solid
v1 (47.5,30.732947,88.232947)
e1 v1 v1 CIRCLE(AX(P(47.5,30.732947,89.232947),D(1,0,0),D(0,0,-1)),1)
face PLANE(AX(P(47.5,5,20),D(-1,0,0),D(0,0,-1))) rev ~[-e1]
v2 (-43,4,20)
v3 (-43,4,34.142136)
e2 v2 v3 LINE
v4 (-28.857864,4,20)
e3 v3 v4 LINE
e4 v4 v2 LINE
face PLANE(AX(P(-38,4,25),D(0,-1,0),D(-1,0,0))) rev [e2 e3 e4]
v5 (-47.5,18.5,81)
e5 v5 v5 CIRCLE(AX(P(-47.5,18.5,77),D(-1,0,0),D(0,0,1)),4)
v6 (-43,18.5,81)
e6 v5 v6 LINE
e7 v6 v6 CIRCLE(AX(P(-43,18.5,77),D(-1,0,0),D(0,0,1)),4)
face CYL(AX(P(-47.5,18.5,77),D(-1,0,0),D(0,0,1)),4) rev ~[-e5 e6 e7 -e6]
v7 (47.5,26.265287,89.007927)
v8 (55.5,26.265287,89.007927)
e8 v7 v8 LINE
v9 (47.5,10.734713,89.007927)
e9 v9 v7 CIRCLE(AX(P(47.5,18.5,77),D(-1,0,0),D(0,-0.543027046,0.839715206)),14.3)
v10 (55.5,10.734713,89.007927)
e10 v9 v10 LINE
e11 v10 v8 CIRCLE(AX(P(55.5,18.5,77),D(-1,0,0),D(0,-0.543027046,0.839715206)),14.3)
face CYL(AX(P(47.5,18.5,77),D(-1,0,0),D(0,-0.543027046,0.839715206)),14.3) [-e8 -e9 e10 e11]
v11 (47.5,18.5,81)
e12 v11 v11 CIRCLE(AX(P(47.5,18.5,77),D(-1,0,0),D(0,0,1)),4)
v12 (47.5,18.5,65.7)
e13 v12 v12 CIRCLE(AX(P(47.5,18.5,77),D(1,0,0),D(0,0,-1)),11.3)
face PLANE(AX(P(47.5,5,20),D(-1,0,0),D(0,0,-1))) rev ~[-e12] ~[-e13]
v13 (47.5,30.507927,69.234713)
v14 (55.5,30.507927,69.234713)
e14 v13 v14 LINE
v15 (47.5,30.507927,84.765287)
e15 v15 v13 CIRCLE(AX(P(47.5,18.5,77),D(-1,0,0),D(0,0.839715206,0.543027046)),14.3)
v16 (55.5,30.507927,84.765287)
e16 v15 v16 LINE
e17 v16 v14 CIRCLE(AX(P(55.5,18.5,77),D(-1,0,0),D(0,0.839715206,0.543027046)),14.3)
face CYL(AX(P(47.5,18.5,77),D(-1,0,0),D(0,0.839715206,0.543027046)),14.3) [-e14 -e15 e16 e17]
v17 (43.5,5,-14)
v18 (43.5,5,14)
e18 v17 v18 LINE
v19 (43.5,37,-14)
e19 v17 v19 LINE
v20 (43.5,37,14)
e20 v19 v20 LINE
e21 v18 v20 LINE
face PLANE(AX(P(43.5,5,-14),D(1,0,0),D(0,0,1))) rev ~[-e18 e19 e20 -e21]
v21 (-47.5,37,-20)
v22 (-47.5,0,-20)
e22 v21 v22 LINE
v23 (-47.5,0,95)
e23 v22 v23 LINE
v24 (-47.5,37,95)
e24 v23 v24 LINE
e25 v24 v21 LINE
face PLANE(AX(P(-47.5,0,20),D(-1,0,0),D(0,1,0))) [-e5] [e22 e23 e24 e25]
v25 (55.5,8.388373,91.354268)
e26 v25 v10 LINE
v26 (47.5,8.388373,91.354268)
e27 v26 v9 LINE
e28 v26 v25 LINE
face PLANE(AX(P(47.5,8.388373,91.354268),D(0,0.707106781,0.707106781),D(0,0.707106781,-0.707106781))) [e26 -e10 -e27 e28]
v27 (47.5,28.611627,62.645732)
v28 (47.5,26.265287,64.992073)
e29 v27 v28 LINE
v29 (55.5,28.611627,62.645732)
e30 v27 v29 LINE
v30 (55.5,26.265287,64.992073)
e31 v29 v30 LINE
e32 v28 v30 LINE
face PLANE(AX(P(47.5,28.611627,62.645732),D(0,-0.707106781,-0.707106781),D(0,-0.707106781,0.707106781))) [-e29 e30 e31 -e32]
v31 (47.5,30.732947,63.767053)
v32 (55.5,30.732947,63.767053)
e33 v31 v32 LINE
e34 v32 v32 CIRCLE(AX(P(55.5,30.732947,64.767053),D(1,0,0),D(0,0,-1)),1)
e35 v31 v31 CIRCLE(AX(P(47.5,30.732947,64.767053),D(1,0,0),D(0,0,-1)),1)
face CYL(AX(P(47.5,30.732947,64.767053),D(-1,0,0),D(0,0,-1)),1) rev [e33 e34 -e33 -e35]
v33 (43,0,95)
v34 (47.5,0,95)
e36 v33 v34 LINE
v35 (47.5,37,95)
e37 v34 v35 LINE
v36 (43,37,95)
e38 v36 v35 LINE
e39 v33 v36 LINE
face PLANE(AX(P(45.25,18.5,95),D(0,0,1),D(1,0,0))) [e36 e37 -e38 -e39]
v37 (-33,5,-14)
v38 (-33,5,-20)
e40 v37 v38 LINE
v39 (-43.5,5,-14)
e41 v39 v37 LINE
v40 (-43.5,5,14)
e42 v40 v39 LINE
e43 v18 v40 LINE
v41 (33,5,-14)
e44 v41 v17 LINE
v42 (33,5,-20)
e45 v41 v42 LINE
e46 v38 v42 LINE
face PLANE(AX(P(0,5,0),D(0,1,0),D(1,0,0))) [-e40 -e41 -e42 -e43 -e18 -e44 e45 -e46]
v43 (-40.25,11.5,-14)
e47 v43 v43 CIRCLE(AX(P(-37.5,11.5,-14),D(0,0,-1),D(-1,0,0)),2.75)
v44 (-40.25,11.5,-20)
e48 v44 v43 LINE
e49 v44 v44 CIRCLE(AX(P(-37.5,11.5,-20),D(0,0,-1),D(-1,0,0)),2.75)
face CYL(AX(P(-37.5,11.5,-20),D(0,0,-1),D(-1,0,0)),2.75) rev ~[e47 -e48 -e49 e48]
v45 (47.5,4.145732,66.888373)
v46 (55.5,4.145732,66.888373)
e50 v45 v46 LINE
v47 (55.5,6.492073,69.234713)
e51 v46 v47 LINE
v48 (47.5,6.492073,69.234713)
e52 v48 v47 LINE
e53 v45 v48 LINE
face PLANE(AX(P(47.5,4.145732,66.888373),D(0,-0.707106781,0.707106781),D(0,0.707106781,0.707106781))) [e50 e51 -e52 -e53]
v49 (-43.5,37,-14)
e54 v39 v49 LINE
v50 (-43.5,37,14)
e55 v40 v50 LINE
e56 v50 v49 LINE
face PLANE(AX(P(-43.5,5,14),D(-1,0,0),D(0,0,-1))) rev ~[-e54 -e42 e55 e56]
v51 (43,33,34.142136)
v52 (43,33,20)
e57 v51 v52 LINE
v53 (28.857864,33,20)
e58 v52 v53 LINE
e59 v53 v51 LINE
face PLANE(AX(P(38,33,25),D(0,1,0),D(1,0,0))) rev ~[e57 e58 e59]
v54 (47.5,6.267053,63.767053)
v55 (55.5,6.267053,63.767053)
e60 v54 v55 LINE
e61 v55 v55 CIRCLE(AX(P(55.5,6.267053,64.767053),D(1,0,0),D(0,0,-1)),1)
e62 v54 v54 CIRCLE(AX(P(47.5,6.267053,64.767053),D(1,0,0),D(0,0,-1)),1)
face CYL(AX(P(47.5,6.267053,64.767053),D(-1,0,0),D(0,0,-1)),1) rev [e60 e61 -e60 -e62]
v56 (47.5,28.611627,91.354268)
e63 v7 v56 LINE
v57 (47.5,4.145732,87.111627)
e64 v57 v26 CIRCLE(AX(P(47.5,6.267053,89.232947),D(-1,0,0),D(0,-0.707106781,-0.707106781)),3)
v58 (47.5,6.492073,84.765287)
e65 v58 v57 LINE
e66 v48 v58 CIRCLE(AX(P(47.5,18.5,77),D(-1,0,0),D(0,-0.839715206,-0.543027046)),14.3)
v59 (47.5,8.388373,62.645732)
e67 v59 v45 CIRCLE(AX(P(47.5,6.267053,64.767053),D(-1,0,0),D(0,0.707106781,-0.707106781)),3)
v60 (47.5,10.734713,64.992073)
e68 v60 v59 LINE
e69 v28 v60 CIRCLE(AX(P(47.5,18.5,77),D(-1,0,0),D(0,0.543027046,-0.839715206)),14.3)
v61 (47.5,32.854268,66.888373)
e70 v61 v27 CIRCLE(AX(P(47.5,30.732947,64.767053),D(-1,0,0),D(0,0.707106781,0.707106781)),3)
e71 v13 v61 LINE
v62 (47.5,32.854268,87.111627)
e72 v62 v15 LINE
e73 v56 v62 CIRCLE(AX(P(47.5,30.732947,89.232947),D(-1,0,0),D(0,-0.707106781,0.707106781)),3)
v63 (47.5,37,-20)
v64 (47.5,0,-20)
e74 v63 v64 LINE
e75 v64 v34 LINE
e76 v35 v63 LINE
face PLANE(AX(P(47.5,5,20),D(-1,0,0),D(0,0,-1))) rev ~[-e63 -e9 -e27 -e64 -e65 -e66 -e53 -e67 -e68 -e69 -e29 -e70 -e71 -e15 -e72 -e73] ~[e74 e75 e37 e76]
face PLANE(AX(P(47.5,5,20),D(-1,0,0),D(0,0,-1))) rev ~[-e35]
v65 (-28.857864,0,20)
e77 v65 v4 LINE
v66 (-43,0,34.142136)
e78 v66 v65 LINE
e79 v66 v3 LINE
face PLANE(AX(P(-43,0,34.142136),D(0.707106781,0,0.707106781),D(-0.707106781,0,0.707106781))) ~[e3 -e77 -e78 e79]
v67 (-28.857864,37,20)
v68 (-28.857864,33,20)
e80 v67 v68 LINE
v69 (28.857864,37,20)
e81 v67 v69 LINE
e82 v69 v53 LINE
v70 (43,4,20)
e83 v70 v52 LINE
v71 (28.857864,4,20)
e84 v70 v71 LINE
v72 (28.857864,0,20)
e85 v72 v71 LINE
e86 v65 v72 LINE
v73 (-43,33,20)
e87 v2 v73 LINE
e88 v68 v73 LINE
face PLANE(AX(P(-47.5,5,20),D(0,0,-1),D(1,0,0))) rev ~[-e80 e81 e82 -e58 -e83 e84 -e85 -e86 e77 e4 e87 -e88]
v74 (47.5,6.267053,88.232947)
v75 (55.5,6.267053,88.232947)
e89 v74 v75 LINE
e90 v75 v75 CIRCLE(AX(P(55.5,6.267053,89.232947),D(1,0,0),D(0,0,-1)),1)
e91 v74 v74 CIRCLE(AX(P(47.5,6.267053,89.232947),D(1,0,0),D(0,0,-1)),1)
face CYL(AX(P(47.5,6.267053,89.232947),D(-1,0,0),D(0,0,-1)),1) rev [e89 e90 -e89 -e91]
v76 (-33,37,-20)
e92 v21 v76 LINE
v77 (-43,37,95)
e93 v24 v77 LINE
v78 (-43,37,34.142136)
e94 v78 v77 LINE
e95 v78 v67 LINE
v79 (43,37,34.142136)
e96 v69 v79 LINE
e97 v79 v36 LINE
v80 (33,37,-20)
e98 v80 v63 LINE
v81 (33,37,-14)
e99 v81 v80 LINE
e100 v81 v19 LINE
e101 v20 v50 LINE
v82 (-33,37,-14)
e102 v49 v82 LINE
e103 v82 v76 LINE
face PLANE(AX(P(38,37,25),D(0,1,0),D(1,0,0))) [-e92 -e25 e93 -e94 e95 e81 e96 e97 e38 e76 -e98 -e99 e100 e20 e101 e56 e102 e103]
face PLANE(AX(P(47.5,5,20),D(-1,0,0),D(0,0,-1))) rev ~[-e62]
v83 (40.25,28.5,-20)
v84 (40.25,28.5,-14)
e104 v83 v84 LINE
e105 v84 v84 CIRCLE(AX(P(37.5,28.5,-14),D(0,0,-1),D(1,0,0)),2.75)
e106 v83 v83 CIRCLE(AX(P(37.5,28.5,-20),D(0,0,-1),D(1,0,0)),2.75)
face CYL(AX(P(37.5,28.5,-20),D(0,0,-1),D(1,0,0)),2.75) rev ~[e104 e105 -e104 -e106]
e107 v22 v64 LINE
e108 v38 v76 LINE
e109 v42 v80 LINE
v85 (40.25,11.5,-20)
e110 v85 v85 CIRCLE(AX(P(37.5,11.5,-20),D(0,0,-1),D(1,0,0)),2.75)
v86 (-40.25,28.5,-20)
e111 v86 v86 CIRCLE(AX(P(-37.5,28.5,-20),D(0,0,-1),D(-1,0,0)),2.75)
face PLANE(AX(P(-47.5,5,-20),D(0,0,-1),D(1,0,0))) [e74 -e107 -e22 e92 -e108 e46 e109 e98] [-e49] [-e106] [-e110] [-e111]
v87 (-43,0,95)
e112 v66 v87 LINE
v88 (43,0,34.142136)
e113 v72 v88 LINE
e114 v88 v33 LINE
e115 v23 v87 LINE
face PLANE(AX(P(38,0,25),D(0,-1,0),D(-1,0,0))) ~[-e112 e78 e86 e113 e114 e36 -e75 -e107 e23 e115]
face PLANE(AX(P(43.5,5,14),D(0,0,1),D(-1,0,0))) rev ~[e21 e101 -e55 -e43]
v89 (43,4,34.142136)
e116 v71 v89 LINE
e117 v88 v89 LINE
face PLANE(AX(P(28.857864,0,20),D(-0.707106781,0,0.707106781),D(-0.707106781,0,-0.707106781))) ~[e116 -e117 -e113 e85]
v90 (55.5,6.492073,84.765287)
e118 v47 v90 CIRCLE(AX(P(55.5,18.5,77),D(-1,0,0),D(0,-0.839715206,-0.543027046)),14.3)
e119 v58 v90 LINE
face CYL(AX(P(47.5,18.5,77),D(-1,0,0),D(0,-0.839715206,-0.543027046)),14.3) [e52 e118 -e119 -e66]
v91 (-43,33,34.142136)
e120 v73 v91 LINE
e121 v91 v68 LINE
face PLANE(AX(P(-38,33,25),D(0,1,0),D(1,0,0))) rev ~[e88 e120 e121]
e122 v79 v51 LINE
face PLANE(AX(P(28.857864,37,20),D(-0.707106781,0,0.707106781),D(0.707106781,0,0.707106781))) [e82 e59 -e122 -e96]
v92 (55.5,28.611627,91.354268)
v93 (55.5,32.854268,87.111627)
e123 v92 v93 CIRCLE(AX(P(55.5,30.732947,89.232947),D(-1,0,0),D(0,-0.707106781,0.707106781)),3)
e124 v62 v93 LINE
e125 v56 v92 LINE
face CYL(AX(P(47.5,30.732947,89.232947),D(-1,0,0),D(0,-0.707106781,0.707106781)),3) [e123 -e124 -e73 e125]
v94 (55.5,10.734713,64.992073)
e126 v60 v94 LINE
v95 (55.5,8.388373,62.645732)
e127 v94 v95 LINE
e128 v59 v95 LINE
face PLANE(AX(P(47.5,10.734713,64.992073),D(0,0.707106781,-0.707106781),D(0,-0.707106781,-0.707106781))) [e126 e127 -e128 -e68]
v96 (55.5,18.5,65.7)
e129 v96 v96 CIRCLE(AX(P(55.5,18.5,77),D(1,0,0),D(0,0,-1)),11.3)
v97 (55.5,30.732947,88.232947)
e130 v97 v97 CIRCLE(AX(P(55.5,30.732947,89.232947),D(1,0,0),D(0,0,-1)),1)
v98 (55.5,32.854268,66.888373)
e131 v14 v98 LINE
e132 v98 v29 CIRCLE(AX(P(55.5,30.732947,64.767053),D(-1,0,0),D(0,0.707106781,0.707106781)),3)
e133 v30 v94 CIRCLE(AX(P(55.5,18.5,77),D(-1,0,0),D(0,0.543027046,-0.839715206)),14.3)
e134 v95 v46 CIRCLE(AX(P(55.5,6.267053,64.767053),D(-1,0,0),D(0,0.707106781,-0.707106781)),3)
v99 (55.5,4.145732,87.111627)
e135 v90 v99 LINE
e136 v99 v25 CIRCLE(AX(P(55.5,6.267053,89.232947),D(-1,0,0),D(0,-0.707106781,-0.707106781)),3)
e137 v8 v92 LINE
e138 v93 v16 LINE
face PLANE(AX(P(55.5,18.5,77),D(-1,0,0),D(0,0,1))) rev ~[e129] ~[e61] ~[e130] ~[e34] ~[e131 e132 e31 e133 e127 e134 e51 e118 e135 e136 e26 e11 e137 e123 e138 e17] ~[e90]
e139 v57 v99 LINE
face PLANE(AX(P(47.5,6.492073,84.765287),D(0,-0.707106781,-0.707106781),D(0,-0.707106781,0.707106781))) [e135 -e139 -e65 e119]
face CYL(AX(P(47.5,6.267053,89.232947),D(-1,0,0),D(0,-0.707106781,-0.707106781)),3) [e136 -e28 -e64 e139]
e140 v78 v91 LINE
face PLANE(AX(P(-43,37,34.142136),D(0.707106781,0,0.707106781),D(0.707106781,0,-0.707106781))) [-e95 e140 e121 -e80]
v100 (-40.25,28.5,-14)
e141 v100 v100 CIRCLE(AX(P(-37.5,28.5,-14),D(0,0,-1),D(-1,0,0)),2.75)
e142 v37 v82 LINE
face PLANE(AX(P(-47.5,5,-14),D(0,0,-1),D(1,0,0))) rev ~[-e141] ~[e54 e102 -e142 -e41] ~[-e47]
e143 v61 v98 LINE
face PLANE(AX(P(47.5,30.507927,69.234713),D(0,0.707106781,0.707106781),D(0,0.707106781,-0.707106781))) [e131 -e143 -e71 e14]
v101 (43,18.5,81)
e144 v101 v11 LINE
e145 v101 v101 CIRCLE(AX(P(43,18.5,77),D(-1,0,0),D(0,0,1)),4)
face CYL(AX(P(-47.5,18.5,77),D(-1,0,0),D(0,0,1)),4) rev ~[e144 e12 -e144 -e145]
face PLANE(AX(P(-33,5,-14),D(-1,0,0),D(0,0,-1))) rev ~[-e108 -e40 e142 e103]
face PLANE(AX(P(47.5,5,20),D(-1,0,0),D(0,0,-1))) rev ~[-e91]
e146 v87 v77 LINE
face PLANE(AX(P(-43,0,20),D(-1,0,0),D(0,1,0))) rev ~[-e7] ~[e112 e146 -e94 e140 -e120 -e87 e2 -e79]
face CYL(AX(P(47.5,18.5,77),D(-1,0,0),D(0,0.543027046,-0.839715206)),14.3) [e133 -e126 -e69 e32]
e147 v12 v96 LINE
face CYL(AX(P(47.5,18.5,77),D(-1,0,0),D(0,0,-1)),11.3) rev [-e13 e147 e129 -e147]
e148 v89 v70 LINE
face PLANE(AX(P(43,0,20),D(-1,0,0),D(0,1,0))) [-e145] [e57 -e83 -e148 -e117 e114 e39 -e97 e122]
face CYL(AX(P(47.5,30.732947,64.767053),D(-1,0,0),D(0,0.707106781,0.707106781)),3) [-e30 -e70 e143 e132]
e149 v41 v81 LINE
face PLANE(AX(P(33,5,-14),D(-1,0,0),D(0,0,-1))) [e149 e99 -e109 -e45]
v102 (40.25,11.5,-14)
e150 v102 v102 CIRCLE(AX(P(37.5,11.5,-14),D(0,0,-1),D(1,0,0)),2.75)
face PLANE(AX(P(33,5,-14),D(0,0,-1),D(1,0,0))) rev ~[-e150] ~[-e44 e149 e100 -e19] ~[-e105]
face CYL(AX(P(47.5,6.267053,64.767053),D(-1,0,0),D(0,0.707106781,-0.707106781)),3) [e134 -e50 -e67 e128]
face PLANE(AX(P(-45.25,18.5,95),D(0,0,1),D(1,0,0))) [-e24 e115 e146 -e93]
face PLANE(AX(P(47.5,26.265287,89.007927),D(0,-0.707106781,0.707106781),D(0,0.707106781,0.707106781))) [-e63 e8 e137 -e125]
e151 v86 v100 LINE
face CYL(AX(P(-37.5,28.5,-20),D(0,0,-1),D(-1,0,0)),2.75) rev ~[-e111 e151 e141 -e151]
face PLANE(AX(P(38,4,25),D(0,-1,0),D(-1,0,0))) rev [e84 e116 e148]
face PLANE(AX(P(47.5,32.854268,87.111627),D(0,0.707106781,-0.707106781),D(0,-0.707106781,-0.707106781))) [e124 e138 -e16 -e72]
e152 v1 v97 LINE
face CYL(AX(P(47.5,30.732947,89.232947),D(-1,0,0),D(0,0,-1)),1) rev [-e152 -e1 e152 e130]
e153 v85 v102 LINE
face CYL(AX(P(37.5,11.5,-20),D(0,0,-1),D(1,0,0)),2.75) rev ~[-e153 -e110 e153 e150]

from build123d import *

# Parameters (mm, degrees)
SKETCH1_W            = 95
SKETCH1_H            = 40
BOSS_EXTRUDE1_DEPTH  = 5
SKETCH2_W            = 14.5
SKETCH2_H            = 6
BOSS_EXTRUDE2_DEPTH  = 32
SKETCH4_R            = 2.75
CUT_EXTRUDE1_DEPTH   = 6
BOSS_EXTRUDE5_DEPTH  = 32
SKETCH11_W           = 4.5
SKETCH11_H           = 37
BOSS_EXTRUDE6_DEPTH  = 75
SKETCH12_R           = 4
CUT_EXTRUDE3_DEPTH   = 110
BOSS_EXTRUDE9_DEPTH  = 4
SKETCH16_R           = 11.3
SKETCH16_R_2         = 1
BOSS_EXTRUDE11_DEPTH = 8


with BuildPart() as part:
    # Sketch1 → Boss-Extrude1 (new body)
    with BuildSketch(Plane(origin=(0, 0, 0), x_dir=(1, 0, 0), z_dir=(0, 1, 0))):
        Rectangle(SKETCH1_W, SKETCH1_H)
    extrude(amount=BOSS_EXTRUDE1_DEPTH)

    # Sketch2 → Boss-Extrude2 (add)
    with BuildSketch(Plane(origin=(0, 5, 0), x_dir=(1, 0, 0), z_dir=(0, 1, 0))):
        with Locations((-40.25, 17)):
            Rectangle(SKETCH2_W, SKETCH2_H)
        with Locations((40.25, 17)):
            Rectangle(SKETCH2_W, SKETCH2_H)
    extrude(amount=BOSS_EXTRUDE2_DEPTH)

    # Sketch4 → Cut-Extrude1 (cut)
    with BuildSketch(Plane(origin=(0, 0, -20), x_dir=(-1, 0, 0), z_dir=(0, 0, -1))):
        with Locations((37.5, 11.5)):
            Circle(SKETCH4_R)
        with Locations((37.5, 28.5)):
            Circle(SKETCH4_R)
        with Locations(Location((-37.5, 28.5, 0), (0, 0, 180))):
            Circle(SKETCH4_R)
        with Locations(Location((-37.5, 11.5, 0), (0, 0, 180))):
            Circle(SKETCH4_R)
    extrude(amount=-CUT_EXTRUDE1_DEPTH, mode=Mode.SUBTRACT)

    # Sketch10 → Boss-Extrude5 (add)
    with BuildSketch(Plane(origin=(0, 5, 0), x_dir=(1, 0, 0), z_dir=(0, 1, 0))):
        Polygon((-47.5, -14), (-47.5, -20), (-43.5, -20), (43.5, -20), (47.5, -20), (47.5, -19), (47.5, 14), (43.5, 14), (43.5, -14), (-43.5, -14), (-43.5, 14), (-47.5, 14), align=None)
    extrude(amount=BOSS_EXTRUDE5_DEPTH)

    # Sketch11 → Boss-Extrude6 (add)
    with BuildSketch(Plane.XY.offset(20)):
        with Locations((-45.25, 18.5)):
            Rectangle(SKETCH11_W, SKETCH11_H)
        with Locations((45.25, 18.5)):
            Rectangle(SKETCH11_W, SKETCH11_H)
    extrude(amount=BOSS_EXTRUDE6_DEPTH)

    # Sketch12 → Cut-Extrude3 (cut)
    with BuildSketch(Plane.ZY.offset(47.5)):
        with Locations((77, 18.5)):
            Circle(SKETCH12_R)
    extrude(amount=-CUT_EXTRUDE3_DEPTH, mode=Mode.SUBTRACT)

    # Sketch15 → Boss-Extrude9 (add)
    with BuildSketch(Plane(origin=(0, 37, 0), x_dir=(1, 0, 0), z_dir=(0, 1, 0))):
        Polygon((28.857864376, -20), (43, -34.142135624), (43, -20), align=None)
        Polygon((-28.857864376, -20), (-43, -20), (-43, -34.142135624), align=None)
    boss_extrude9 = extrude(amount=-BOSS_EXTRUDE9_DEPTH)

    # Mirror2: Boss-Extrude9 across plane
    add(boss_extrude9.mirror(Plane.ZX.offset(18.5)))

    # Sketch16 → Boss-Extrude11 (add)
    with BuildSketch(Plane(origin=(47.5, 0, 0), x_dir=(0, 0, -1), z_dir=(1, 0, 0))):
        with BuildLine():
            Line((-66.888373029, 4.145732342), (-69.234713241, 6.492072554))
            ThreePointArc((-69.234713241, 6.492072554), (-77, 4.2), (-84.765286759, 6.492072554))
            Line((-84.765286759, 6.492072554), (-87.111626971, 4.145732342))
            ThreePointArc((-87.111626971, 4.145732342), (-91.354267658, 4.145732342), (-91.354267658, 8.388373029))
            Line((-91.354267658, 8.388373029), (-89.007927446, 10.734713241))
            ThreePointArc((-89.007927446, 10.734713241), (-91.3, 18.5), (-89.007927446, 26.265286759))
            Line((-89.007927446, 26.265286759), (-91.354267658, 28.611626971))
            ThreePointArc((-91.354267658, 28.611626971), (-91.354267658, 32.854267658), (-87.111626971, 32.854267658))
            Line((-87.111626971, 32.854267658), (-84.765286759, 30.507927446))
            ThreePointArc((-84.765286759, 30.507927446), (-77, 32.8), (-69.234713241, 30.507927446))
            Line((-69.234713241, 30.507927446), (-66.888373029, 32.854267658))
            ThreePointArc((-66.888373029, 32.854267658), (-62.645732342, 32.854267658), (-62.645732342, 28.611626971))
            Line((-62.645732342, 28.611626971), (-64.992072554, 26.265286759))
            ThreePointArc((-64.992072554, 26.265286759), (-62.7, 18.5), (-64.992072554, 10.734713241))
            Line((-64.992072554, 10.734713241), (-62.645732342, 8.388373029))
            ThreePointArc((-62.645732342, 8.388373029), (-62.645732342, 4.145732342), (-66.888373029, 4.145732342))
        make_face()
        with Locations((-77, 18.5)):
            Circle(SKETCH16_R, mode=Mode.SUBTRACT)
        with Locations((-64.767052685, 6.267052685)):
            Circle(SKETCH16_R_2, mode=Mode.SUBTRACT)
        with Locations((-89.232947315, 6.267052685)):
            Circle(SKETCH16_R_2, mode=Mode.SUBTRACT)
        with Locations((-89.232947315, 30.732947315)):
            Circle(SKETCH16_R_2, mode=Mode.SUBTRACT)
        with Locations((-64.767052685, 30.732947315)):
            Circle(SKETCH16_R_2, mode=Mode.SUBTRACT)
    extrude(amount=BOSS_EXTRUDE11_DEPTH)


solid = part.part
